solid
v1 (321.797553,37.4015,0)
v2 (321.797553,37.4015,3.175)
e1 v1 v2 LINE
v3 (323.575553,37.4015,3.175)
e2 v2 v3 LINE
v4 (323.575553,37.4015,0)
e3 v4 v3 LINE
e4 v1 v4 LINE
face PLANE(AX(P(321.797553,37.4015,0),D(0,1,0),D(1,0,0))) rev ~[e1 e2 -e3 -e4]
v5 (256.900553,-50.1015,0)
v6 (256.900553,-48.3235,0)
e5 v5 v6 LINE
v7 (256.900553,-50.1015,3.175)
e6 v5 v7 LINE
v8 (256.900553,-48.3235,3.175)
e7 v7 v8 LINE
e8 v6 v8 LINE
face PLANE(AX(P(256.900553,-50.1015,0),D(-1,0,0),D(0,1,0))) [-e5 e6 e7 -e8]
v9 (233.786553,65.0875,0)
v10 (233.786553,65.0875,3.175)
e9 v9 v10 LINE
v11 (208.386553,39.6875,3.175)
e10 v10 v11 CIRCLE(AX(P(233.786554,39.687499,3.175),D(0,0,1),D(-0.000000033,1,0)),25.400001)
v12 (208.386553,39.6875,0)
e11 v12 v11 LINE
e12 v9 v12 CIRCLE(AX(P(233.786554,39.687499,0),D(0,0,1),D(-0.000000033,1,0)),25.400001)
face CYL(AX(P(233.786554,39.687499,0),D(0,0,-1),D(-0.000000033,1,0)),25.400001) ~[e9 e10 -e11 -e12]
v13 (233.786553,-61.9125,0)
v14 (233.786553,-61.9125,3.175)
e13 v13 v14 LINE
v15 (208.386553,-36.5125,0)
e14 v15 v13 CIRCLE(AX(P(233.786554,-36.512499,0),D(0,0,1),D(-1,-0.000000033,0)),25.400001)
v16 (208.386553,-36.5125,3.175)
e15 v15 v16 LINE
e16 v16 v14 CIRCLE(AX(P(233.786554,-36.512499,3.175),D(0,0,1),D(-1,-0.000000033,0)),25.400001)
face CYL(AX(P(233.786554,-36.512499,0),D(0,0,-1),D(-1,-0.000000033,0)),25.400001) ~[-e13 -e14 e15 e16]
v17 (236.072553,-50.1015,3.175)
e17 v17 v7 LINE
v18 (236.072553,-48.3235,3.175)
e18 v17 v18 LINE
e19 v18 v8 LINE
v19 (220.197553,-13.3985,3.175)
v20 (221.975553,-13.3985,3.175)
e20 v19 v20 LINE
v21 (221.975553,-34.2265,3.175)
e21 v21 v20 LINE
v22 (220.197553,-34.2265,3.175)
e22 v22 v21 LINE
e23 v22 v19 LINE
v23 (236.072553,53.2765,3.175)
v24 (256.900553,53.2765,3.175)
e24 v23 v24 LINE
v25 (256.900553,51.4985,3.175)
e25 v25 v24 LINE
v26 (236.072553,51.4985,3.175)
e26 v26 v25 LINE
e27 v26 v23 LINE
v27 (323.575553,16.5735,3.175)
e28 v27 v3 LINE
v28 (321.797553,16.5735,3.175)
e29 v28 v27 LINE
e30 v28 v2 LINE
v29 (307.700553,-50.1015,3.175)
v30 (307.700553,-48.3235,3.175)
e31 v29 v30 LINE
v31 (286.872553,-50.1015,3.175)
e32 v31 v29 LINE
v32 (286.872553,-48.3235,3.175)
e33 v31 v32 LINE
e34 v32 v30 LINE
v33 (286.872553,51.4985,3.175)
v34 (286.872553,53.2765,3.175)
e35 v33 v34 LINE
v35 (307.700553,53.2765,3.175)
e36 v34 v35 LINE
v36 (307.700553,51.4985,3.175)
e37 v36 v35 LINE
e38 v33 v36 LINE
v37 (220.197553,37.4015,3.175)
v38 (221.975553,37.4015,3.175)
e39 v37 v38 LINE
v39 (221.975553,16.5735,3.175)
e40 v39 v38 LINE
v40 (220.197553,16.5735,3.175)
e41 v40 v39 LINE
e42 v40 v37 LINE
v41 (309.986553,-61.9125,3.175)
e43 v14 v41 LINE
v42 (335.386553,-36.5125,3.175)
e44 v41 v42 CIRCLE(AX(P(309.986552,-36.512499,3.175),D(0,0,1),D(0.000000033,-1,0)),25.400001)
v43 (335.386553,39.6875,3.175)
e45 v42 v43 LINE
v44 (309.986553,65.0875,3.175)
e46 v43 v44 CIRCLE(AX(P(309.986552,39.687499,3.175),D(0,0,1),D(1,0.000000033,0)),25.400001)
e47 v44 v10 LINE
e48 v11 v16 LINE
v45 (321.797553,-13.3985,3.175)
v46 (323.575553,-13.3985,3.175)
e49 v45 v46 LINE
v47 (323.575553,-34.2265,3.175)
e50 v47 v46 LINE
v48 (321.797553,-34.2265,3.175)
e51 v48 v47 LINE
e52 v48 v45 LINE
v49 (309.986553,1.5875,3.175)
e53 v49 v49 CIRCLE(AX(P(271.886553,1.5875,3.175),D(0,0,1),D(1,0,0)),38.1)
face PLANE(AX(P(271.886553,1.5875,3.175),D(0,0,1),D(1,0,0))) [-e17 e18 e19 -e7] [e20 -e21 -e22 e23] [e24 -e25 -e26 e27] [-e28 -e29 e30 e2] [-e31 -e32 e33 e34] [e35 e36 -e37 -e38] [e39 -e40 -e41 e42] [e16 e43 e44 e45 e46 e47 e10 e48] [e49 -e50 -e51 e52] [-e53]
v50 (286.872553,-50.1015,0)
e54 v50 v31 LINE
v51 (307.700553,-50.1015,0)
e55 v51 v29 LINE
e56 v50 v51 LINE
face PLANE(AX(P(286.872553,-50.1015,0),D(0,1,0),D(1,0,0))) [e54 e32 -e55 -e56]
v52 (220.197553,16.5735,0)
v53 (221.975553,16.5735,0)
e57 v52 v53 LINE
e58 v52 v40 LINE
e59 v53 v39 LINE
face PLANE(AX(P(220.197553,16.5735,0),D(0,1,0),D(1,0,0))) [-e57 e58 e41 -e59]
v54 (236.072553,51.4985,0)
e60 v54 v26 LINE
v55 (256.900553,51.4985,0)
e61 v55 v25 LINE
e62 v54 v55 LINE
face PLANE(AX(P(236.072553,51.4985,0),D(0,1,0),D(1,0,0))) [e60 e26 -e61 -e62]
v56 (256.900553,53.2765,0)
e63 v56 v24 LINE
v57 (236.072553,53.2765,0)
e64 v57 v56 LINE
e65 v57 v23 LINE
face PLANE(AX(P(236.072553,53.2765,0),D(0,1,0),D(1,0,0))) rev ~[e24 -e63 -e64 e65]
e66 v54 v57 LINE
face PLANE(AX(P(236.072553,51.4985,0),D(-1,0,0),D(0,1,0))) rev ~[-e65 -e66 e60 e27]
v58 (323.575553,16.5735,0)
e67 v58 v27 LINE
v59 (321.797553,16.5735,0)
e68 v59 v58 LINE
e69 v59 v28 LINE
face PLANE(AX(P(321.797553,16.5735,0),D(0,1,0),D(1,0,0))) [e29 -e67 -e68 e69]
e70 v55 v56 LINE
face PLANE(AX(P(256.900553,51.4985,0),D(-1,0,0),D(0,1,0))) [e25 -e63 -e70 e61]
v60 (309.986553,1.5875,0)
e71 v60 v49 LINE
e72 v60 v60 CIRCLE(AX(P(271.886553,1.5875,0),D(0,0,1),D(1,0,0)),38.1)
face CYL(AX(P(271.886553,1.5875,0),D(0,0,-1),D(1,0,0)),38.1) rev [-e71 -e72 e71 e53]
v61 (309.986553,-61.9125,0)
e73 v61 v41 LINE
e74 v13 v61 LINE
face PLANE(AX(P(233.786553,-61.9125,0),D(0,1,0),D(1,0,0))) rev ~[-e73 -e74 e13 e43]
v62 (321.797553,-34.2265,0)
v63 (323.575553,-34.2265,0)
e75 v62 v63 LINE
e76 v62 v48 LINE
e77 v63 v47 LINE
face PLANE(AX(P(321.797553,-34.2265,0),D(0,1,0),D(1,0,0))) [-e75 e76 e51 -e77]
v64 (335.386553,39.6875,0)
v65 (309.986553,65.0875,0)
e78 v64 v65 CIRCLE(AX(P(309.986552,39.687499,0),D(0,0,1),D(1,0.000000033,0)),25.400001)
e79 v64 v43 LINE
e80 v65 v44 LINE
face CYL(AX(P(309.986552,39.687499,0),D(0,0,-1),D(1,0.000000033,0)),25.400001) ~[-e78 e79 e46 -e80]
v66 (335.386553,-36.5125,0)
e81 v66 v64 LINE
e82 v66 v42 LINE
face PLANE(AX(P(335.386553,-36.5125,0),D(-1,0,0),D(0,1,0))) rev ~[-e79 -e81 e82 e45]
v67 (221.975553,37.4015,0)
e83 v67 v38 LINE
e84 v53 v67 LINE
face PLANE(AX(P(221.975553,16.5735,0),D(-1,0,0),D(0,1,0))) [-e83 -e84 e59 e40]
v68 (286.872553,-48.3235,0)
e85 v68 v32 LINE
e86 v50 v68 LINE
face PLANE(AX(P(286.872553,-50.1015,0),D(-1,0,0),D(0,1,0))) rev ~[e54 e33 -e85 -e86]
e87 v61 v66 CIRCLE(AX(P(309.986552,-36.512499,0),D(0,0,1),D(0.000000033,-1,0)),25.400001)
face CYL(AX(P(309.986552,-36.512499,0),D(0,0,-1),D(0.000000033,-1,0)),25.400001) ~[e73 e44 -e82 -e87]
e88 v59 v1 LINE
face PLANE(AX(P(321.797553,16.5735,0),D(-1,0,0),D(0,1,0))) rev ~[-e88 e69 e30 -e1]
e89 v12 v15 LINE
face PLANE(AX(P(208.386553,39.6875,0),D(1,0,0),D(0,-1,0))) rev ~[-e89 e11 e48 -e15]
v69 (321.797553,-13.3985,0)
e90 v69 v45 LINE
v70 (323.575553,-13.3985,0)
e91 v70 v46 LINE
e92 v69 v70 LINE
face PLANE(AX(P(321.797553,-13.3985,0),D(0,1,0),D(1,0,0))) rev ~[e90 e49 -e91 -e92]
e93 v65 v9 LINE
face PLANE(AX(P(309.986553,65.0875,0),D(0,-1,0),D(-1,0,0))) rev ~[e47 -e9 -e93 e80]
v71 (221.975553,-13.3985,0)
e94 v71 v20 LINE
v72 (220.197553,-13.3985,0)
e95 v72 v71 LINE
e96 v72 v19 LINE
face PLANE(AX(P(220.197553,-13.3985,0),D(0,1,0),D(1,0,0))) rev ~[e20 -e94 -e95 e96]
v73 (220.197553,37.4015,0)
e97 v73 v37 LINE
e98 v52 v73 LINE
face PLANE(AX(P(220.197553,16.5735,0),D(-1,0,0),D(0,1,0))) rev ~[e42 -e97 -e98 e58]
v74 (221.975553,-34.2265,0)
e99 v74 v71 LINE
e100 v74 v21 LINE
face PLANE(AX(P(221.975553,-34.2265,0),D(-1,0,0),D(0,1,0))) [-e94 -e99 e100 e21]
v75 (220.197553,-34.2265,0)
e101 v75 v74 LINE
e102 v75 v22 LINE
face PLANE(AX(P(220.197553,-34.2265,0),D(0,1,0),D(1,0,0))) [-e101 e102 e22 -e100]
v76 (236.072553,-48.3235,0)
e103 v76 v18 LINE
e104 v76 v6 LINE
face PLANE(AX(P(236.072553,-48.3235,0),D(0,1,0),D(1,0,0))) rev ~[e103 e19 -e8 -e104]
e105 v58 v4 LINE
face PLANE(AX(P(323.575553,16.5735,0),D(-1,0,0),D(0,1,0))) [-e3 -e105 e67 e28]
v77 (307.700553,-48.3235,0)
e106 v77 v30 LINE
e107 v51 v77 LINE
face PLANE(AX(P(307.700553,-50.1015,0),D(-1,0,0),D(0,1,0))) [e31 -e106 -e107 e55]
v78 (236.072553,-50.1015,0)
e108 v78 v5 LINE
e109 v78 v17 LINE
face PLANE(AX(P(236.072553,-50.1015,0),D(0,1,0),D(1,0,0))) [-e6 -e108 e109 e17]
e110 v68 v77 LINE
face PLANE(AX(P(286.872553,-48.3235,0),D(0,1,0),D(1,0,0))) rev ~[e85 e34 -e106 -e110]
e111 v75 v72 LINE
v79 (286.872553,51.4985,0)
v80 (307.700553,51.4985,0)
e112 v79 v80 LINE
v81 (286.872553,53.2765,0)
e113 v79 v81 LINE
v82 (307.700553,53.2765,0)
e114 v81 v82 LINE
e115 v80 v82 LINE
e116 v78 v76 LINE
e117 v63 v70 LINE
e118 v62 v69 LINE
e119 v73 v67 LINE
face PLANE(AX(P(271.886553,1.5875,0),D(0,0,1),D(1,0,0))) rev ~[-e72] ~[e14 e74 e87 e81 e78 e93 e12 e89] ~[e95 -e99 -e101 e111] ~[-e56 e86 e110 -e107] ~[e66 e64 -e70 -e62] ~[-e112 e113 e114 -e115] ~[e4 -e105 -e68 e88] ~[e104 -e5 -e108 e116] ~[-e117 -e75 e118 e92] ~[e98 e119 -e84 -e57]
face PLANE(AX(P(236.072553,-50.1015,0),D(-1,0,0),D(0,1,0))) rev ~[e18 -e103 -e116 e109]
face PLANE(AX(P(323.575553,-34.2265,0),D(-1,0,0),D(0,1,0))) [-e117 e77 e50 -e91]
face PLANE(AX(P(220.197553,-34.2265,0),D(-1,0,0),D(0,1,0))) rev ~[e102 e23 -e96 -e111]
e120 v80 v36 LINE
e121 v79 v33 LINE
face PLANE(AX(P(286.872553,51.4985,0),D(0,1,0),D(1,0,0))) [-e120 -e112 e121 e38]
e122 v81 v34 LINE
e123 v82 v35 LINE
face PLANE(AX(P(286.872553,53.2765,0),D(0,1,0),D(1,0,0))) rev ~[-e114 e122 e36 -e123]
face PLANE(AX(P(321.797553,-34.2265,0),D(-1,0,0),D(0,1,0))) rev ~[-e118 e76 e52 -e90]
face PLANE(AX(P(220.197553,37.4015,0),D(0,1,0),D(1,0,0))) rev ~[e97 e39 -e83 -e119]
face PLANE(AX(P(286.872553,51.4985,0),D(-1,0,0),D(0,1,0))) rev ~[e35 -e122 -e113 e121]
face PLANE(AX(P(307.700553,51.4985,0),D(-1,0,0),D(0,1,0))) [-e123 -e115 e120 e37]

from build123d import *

# Parameters (mm, degrees)
F0_W     = 20.828
F0_H     = 1.778
F0_W_2   = 1.778
F0_H_2   = 20.828
F0_R     = 38.1
F1_DEPTH = 3.175


with BuildPart() as f1:
    # F0 (on Top) → F1 (new body)
    with BuildSketch(Plane.XY):
        with BuildLine():
            ThreePointArc((208.386553, -36.5125), (215.826041, -54.473012), (233.786553, -61.9125))
            Line((233.786553, -61.9125), (309.986553, -61.9125))
            ThreePointArc((309.986553, -61.9125), (327.947065, -54.473012), (335.386553, -36.5125))
            Line((335.386553, -36.5125), (335.386553, 39.6875))
            ThreePointArc((335.386553, 39.6875), (327.947065, 57.648012), (309.986553, 65.0875))
            Line((309.986553, 65.0875), (233.786553, 65.0875))
            ThreePointArc((233.786553, 65.0875), (215.826041, 57.648012), (208.386553, 39.6875))
            Line((208.386553, 39.6875), (208.386553, -36.5125))
        make_face()
        with Locations((246.486553, -49.2125)):
            Rectangle(F0_W, F0_H, mode=Mode.SUBTRACT)
        with Locations((221.086553, -23.8125)):
            Rectangle(F0_W_2, F0_H_2, mode=Mode.SUBTRACT)
        with Locations((297.286553, -49.2125)):
            Rectangle(F0_W, F0_H, mode=Mode.SUBTRACT)
        with Locations((271.886553, 1.5875)):
            Circle(F0_R, mode=Mode.SUBTRACT)
        with Locations((322.686553, -23.8125)):
            Rectangle(F0_W_2, F0_H_2, mode=Mode.SUBTRACT)
        with Locations((221.086553, 26.9875)):
            Rectangle(F0_W_2, F0_H_2, mode=Mode.SUBTRACT)
        with Locations((246.486553, 52.3875)):
            Rectangle(F0_W, F0_H, mode=Mode.SUBTRACT)
        with Locations((322.686553, 26.9875)):
            Rectangle(F0_W_2, F0_H_2, mode=Mode.SUBTRACT)
        with Locations((297.286553, 52.3875)):
            Rectangle(F0_W, F0_H, mode=Mode.SUBTRACT)
    extrude(amount=F1_DEPTH)


solid = f1.part
